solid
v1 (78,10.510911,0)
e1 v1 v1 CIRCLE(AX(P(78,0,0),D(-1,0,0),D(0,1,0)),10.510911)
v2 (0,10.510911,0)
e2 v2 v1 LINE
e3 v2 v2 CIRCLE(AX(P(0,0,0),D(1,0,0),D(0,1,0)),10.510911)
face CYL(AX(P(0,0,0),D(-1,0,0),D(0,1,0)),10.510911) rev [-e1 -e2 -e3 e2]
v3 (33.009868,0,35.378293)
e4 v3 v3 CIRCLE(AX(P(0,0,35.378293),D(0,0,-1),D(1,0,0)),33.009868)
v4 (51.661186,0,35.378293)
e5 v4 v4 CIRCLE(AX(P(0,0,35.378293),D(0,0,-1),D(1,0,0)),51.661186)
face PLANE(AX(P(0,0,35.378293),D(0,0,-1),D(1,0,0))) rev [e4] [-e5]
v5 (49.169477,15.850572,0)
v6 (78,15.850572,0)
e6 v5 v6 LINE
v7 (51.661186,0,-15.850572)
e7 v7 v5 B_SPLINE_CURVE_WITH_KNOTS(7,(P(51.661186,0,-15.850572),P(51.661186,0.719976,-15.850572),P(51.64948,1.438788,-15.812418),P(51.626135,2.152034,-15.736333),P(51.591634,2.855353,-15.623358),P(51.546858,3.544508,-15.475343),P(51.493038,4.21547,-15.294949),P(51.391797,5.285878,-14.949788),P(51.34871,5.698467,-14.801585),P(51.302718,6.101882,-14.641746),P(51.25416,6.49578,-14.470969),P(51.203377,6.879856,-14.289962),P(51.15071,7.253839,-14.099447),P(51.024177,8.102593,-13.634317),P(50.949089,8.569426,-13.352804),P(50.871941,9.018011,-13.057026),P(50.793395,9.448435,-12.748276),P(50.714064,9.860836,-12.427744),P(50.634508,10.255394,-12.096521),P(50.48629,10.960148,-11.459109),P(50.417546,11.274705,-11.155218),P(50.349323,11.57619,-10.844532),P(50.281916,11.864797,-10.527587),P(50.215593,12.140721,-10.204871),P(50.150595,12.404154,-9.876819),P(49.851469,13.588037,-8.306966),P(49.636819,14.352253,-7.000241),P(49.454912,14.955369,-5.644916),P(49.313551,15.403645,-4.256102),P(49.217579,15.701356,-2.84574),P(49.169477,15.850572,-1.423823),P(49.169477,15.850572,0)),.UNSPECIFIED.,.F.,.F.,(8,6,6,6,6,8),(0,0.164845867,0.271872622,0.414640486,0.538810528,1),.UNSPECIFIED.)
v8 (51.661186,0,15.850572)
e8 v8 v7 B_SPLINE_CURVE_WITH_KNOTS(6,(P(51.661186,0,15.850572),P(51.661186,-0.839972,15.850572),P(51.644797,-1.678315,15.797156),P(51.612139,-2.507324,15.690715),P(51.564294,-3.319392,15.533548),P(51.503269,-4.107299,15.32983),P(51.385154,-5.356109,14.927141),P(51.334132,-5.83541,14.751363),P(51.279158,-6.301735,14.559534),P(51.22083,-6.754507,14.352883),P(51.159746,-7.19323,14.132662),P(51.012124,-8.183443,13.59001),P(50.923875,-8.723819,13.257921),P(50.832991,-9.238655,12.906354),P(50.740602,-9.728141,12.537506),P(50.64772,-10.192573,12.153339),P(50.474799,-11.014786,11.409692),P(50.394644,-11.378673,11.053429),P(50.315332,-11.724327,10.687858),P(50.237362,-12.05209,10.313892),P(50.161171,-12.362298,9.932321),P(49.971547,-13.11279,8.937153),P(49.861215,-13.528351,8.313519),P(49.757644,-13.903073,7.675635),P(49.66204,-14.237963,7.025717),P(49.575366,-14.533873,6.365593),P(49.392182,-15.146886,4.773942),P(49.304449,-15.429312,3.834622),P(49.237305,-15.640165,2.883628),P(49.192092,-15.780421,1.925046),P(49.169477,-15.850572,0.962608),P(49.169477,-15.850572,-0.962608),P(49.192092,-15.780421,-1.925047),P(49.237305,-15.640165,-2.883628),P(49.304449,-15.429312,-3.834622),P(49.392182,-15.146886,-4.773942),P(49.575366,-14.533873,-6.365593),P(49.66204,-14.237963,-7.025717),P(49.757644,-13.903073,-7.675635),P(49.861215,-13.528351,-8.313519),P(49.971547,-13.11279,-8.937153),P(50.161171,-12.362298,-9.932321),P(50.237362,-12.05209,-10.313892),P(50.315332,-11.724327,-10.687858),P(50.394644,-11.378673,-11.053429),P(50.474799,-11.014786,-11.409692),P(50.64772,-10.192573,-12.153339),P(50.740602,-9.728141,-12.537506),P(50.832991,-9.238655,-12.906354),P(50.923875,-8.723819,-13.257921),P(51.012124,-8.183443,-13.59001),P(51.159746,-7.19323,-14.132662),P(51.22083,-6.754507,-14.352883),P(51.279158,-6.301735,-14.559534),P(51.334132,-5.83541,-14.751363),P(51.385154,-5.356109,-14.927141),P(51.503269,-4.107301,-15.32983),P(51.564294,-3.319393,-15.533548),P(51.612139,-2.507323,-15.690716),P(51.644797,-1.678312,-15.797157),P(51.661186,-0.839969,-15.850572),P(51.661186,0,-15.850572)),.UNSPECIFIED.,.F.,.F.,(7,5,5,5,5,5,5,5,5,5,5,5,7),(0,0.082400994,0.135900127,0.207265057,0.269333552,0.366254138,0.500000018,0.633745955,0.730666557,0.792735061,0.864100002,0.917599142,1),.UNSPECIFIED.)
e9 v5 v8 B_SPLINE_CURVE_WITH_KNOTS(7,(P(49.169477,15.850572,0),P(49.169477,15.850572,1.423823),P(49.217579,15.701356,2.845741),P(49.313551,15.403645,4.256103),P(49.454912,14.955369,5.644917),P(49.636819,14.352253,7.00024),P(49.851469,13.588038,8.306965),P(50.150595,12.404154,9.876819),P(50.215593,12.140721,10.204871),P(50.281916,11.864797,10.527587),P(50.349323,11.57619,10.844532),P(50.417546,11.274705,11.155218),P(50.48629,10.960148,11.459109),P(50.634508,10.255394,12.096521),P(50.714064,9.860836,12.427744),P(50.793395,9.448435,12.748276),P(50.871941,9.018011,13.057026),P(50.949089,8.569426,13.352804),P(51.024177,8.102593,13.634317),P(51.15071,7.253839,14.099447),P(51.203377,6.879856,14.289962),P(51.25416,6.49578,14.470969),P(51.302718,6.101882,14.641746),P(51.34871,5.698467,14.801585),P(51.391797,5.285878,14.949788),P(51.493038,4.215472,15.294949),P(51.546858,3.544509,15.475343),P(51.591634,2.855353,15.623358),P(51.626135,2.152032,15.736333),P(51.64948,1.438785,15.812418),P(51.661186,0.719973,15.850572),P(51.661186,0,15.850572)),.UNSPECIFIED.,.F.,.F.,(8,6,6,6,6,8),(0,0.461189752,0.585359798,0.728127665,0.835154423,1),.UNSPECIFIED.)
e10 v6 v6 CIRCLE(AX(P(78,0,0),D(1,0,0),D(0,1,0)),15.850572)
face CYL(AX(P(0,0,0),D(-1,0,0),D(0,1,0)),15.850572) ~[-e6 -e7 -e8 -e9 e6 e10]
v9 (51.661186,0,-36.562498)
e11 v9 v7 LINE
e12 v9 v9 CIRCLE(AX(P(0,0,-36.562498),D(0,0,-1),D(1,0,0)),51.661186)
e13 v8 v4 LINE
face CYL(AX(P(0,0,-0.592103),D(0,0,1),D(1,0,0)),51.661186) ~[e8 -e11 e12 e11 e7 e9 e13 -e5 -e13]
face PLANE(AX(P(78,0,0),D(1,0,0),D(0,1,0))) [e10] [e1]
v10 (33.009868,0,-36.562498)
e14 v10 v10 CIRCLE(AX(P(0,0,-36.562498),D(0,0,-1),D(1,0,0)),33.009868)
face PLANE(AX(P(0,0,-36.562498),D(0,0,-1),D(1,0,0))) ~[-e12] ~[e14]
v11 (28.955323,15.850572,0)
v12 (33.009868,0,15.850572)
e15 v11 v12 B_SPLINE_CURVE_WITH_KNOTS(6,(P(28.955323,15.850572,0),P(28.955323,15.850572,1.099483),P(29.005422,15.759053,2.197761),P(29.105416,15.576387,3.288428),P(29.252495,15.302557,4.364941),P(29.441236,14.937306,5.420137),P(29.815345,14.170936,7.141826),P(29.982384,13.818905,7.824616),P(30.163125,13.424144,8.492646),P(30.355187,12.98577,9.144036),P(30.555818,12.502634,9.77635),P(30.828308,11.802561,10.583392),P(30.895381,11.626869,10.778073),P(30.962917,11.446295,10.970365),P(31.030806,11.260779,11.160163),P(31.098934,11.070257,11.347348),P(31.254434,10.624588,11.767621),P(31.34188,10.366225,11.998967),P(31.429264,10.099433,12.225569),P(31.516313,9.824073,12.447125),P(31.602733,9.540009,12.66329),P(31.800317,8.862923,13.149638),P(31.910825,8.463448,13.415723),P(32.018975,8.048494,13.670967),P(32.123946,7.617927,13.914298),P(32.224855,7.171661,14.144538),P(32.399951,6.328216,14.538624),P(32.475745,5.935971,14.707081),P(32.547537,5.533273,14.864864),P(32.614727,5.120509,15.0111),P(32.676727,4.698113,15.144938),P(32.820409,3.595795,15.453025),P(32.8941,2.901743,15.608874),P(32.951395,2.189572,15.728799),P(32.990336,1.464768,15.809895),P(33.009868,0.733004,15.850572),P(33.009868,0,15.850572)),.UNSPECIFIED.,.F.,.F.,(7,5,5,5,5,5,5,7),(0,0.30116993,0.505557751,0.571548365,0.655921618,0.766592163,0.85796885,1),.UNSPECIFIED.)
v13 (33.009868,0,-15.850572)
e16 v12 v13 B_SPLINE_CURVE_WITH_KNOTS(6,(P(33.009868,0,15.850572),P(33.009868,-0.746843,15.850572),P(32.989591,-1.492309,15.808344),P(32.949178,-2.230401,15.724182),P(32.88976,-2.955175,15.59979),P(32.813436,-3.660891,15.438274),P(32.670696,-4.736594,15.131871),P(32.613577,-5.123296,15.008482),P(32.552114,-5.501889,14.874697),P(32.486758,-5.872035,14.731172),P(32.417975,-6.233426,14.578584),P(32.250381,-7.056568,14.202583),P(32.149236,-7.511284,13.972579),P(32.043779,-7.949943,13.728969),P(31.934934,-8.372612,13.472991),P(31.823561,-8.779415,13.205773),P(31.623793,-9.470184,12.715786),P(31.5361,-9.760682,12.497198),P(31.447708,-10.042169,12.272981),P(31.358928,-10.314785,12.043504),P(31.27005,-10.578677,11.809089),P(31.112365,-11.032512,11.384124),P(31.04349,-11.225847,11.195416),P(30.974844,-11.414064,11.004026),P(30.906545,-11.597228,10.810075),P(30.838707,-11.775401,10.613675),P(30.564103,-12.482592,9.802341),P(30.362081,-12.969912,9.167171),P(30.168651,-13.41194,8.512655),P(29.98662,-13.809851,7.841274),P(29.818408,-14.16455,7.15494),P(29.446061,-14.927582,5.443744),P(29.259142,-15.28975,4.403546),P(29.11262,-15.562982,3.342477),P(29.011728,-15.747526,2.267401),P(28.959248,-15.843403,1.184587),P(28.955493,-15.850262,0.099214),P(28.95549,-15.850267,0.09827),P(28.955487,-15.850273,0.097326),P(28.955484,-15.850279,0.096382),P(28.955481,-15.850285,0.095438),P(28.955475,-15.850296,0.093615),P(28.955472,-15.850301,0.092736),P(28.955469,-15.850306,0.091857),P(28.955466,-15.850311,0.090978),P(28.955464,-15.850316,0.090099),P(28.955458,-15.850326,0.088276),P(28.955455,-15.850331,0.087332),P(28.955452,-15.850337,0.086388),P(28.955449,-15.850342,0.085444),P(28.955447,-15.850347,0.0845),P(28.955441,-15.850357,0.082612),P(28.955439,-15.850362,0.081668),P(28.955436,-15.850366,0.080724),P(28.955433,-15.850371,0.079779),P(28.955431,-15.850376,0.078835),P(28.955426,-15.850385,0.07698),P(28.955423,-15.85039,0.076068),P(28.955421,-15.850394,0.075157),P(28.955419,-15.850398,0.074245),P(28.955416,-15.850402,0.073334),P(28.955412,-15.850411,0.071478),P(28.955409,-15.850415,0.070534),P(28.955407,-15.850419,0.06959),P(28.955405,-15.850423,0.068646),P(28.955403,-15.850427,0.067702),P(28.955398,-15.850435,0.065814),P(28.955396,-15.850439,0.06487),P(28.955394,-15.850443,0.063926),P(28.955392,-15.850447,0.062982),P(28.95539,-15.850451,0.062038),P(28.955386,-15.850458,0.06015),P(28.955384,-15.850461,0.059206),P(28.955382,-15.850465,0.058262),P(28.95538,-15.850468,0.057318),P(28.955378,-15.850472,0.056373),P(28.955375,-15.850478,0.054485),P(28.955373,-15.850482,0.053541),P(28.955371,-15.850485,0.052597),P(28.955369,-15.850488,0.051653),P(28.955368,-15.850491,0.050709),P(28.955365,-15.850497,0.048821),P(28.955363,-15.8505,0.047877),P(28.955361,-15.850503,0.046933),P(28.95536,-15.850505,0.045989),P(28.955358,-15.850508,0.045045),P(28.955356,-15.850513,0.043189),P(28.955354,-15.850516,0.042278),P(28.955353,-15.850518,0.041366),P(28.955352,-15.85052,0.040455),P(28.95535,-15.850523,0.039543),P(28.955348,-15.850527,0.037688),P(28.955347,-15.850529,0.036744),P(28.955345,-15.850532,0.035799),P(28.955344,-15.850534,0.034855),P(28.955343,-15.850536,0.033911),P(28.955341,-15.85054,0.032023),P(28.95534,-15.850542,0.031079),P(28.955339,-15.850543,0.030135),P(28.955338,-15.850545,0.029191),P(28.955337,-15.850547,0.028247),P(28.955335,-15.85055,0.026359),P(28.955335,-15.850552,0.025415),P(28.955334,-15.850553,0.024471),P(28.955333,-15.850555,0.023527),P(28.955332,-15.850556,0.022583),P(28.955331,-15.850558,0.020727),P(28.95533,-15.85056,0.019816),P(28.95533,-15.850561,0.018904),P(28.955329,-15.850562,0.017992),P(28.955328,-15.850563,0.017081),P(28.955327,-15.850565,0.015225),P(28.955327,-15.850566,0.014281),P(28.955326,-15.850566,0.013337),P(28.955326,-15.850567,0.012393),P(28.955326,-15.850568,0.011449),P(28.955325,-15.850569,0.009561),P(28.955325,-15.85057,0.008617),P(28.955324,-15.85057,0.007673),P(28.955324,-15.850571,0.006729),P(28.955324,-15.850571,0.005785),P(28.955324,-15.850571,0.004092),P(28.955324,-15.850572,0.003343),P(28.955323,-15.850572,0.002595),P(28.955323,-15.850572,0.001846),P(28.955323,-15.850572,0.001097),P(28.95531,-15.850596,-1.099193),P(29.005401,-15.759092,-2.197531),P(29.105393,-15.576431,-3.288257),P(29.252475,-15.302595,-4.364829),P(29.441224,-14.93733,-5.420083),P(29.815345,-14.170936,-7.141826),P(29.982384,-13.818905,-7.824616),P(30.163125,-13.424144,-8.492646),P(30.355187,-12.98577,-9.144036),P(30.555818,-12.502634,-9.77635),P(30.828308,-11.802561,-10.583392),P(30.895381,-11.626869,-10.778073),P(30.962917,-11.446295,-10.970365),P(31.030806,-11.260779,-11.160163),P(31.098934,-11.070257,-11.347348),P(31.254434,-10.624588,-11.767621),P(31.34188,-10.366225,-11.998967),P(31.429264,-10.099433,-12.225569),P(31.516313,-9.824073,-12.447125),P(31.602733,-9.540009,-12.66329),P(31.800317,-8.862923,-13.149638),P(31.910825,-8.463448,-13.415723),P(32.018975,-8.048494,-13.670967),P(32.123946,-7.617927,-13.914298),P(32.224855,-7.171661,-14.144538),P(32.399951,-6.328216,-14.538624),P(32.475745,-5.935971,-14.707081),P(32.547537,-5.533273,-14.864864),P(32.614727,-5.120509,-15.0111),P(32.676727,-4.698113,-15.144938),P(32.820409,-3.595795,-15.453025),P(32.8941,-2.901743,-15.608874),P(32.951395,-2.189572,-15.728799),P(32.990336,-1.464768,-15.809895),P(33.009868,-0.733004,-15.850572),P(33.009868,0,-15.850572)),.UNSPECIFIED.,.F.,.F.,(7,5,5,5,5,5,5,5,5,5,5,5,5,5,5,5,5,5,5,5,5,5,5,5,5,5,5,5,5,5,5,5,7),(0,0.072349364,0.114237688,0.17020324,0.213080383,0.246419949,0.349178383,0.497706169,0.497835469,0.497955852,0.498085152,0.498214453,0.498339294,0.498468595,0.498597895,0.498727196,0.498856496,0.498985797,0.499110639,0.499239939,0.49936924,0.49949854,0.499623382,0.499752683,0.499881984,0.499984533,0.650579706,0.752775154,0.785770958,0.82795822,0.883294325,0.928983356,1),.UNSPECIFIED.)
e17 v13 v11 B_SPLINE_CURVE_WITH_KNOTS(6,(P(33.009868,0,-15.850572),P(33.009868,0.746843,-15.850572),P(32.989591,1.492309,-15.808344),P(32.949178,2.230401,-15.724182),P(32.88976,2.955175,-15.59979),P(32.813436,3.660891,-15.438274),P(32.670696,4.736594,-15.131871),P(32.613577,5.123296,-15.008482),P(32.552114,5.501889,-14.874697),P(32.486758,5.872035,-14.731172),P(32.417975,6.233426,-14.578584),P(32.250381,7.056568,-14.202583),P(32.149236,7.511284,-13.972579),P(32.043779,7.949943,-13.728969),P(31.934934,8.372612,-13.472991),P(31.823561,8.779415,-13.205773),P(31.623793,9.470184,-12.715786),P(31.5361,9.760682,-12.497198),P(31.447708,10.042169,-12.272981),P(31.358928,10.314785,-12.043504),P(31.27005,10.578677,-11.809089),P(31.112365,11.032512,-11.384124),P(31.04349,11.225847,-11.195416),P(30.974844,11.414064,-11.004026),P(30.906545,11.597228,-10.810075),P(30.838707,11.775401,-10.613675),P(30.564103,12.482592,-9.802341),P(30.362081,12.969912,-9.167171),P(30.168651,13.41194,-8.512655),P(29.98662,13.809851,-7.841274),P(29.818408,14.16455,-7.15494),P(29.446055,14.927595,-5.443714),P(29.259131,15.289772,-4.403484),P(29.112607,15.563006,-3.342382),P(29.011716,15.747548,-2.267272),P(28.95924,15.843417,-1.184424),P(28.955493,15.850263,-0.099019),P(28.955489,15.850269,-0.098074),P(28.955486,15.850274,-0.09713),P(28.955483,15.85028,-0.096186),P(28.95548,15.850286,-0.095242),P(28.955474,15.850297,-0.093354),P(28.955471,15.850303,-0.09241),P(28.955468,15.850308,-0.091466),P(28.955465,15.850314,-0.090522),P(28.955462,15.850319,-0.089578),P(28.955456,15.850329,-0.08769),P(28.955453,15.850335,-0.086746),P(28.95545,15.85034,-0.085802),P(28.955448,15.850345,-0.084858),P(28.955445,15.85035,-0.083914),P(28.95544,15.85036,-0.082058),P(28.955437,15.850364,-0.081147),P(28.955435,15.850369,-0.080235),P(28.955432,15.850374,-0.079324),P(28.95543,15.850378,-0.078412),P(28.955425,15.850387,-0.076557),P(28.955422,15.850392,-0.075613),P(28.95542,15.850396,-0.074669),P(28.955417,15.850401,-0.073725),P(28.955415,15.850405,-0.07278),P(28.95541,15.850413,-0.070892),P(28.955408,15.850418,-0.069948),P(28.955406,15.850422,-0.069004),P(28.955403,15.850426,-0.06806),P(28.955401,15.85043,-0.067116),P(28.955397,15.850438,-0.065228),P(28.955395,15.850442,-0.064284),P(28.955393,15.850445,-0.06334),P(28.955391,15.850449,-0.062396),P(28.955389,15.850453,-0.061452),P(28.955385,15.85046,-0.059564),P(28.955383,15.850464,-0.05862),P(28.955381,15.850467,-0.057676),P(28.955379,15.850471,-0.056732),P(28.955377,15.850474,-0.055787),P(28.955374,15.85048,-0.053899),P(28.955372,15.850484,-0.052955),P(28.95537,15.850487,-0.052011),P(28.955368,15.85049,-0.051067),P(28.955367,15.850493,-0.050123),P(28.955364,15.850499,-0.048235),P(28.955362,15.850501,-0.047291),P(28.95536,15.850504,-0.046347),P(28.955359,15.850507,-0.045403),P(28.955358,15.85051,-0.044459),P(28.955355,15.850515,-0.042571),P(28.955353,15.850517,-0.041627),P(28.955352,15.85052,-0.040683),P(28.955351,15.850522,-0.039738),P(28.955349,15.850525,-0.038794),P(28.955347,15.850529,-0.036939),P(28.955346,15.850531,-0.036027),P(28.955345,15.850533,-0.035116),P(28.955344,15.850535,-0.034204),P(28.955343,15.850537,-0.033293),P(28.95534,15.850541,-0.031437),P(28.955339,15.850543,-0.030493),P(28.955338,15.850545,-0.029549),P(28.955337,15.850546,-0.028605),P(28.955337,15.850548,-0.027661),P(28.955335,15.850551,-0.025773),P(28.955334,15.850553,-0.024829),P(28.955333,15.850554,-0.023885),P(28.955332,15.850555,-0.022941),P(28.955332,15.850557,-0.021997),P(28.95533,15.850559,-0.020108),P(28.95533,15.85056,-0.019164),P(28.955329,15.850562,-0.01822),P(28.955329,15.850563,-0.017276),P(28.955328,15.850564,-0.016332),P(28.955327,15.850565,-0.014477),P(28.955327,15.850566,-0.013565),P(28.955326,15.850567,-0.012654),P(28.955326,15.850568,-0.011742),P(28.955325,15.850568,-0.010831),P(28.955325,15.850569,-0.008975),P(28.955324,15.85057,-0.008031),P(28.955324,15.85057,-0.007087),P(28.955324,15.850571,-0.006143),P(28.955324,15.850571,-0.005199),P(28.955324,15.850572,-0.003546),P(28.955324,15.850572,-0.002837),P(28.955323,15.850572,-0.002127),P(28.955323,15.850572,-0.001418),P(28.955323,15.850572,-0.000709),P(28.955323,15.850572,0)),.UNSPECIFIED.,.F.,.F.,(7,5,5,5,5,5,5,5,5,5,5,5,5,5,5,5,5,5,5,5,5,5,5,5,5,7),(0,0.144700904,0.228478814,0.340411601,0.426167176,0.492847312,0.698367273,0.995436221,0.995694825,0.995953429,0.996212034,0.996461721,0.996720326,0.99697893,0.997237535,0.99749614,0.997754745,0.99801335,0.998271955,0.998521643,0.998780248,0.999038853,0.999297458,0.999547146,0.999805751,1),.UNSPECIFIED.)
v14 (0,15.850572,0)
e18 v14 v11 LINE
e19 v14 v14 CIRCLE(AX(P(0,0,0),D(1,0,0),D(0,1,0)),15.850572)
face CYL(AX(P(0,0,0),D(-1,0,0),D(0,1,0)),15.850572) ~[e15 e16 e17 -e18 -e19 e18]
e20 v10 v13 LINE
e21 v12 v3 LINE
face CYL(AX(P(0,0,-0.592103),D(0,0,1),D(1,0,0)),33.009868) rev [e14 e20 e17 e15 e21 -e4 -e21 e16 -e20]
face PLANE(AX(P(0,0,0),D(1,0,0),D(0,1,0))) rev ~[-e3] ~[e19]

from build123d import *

# Parameters (mm, degrees)
F0_W     = 18.651318
F0_H     = 71.940791
F2_R     = 15.850572
F3_DEPTH = 78
F4_R     = 10.510911
F5_DEPTH = 80


with BuildPart() as f1:
    # F0 (on Front) → F1 (revolve)
    with BuildSketch(Plane.XZ):
        with Locations((42.335527, -0.592103)):
            Rectangle(F0_W, F0_H)
    revolve(axis=Axis((0, 0, 7.253291), (0, 0, -1)))

    # F2 (on Right) → F3 (join)
    with BuildSketch(Plane.YZ):
        Circle(F2_R)
    extrude(amount=F3_DEPTH)

    # F4 (on Right) → F5 (cut)
    with BuildSketch(Plane.YZ):
        Circle(F4_R)
    extrude(amount=F5_DEPTH, mode=Mode.SUBTRACT)


solid = f1.part
